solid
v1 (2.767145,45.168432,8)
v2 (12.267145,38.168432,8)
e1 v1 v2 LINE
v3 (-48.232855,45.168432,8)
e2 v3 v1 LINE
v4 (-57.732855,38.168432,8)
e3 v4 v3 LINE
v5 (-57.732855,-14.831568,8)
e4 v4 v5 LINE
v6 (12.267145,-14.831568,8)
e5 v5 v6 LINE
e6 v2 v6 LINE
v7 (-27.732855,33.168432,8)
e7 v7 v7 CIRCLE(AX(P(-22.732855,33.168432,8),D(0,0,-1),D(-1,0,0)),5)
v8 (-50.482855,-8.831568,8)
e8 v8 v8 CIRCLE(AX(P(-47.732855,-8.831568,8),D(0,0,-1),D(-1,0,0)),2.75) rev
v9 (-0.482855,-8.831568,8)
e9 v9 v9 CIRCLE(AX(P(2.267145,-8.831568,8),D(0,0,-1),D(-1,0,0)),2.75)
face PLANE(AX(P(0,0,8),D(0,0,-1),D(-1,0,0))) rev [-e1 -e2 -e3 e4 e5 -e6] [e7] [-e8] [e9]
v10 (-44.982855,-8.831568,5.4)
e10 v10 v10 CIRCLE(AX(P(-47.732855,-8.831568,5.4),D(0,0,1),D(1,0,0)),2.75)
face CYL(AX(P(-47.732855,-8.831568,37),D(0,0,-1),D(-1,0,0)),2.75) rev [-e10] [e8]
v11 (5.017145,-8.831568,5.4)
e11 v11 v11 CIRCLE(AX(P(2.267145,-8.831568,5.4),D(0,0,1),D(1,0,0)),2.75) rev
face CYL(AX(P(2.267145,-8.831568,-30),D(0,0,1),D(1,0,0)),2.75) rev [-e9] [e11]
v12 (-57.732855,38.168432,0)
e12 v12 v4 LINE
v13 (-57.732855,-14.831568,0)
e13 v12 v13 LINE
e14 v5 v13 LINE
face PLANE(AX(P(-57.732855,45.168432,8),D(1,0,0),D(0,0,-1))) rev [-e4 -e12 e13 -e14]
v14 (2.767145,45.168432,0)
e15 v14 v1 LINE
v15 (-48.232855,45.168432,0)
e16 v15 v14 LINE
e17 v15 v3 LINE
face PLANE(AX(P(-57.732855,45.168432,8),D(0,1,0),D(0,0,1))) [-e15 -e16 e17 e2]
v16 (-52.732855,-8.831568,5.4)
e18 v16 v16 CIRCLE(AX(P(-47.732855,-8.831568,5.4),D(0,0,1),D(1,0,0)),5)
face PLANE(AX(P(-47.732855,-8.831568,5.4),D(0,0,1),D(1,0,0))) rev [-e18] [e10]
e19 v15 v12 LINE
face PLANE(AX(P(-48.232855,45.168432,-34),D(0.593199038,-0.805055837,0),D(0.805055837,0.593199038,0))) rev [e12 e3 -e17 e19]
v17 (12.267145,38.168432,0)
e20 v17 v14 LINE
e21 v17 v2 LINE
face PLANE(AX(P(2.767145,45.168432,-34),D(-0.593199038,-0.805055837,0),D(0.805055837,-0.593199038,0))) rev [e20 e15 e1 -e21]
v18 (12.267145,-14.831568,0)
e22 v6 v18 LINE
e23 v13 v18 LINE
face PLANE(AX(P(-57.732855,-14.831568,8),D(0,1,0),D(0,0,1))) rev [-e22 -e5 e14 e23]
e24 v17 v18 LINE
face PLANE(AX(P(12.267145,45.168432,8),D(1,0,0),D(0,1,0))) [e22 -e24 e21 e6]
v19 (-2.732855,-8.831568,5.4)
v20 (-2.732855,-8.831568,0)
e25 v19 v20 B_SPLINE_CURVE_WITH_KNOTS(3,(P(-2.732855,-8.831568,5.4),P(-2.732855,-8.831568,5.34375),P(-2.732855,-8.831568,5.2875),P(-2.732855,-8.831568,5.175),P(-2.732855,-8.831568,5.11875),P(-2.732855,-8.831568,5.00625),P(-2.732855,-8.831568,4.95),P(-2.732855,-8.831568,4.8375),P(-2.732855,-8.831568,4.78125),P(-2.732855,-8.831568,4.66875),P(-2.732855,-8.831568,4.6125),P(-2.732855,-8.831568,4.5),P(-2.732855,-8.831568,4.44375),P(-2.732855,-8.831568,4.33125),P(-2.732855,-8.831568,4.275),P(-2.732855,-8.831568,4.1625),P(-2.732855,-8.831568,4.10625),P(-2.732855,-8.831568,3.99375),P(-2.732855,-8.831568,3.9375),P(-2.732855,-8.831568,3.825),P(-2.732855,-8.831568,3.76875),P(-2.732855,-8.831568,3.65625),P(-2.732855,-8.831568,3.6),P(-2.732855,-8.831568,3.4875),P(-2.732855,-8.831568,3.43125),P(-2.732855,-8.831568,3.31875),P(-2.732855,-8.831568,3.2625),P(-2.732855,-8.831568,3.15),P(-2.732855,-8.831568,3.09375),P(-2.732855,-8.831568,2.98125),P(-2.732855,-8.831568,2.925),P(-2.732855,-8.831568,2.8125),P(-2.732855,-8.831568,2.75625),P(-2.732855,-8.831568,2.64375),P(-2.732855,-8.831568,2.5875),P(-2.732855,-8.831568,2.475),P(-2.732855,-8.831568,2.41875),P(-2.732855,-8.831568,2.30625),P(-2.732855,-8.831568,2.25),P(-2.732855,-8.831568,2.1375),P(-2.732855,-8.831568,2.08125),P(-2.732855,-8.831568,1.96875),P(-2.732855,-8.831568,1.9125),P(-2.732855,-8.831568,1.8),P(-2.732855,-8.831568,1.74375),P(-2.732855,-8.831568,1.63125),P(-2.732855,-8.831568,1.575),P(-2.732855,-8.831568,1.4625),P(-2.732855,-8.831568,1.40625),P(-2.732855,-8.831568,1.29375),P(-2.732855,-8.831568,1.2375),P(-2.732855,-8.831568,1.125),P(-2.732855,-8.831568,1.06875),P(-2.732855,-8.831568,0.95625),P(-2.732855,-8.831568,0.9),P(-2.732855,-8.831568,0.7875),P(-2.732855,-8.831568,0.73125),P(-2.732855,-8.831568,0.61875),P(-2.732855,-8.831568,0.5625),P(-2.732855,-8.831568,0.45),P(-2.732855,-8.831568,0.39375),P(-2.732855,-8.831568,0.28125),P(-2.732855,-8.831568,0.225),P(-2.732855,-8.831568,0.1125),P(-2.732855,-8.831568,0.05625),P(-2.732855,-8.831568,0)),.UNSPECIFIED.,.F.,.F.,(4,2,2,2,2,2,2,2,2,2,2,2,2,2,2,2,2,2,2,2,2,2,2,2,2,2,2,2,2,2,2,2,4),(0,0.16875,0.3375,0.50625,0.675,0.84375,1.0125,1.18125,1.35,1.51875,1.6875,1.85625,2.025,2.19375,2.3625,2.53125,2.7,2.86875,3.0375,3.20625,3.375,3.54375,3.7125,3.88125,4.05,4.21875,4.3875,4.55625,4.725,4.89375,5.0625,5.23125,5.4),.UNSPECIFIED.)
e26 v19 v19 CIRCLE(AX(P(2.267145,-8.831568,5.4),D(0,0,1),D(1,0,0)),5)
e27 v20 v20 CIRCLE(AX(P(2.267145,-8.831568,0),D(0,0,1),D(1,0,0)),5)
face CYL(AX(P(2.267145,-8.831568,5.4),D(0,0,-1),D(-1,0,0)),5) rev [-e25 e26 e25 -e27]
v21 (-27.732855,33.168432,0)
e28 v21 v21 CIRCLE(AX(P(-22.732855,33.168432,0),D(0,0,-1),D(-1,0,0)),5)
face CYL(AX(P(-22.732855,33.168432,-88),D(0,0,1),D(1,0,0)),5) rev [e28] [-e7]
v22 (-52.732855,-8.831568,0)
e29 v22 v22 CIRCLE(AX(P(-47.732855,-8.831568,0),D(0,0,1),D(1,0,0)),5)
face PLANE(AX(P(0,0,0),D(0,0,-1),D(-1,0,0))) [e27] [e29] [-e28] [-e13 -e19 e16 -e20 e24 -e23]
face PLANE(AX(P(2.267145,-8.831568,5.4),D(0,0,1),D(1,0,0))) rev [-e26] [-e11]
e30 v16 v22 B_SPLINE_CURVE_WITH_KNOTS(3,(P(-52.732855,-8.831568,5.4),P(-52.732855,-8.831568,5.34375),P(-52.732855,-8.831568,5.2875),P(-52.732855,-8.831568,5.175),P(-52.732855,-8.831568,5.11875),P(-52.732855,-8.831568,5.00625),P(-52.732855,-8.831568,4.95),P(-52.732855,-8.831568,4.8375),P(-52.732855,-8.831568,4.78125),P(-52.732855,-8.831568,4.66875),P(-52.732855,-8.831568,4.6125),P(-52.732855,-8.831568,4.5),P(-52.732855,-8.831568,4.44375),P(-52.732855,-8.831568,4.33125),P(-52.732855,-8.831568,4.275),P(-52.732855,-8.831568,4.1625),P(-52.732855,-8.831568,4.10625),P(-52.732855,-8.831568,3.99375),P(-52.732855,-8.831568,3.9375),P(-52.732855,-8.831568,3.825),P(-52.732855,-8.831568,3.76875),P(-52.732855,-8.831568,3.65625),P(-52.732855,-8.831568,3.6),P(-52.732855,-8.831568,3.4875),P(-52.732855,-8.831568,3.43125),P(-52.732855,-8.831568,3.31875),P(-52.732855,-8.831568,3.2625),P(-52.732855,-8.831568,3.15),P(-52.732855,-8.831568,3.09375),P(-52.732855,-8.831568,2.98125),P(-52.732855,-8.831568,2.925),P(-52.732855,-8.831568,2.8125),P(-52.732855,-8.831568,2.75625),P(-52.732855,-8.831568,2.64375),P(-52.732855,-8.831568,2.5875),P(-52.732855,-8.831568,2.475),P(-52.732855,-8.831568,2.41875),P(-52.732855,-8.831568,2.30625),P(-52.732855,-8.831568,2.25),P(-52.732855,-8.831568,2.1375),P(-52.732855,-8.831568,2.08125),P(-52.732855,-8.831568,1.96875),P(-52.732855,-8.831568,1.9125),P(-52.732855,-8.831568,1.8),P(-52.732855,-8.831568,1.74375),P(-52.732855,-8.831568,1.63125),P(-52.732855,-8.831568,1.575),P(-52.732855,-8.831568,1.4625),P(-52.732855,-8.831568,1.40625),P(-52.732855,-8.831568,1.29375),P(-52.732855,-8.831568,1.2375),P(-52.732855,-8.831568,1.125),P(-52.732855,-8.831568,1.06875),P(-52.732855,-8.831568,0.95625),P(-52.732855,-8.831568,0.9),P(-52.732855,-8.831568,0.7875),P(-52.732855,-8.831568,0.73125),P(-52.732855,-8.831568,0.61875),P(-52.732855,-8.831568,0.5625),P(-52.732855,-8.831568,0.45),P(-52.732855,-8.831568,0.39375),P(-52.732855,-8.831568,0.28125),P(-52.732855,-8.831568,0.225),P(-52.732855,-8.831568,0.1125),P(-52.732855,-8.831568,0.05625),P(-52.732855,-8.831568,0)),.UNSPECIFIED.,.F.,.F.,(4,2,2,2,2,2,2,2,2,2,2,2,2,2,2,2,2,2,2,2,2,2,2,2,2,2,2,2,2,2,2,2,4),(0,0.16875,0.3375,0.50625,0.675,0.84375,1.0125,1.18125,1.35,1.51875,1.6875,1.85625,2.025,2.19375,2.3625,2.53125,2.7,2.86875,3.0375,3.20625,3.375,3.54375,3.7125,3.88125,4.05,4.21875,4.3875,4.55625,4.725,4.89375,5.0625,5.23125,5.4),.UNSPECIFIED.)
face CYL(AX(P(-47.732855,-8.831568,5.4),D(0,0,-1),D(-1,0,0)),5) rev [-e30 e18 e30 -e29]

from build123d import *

# Parameters (mm, degrees)
SKETCH1_W               = 70
SKETCH1_H               = 60
BOSS_EXTRUDE2_DEPTH     = 8
CUT_EXTRUDE3_DEPTH      = 37
CUT_EXTRUDE3_DEPTH_BACK = 30
SKETCH1_5_R             = 2.75
CUT_EXTRUDE4_DEPTH      = 30
CUT_EXTRUDE4_DEPTH_BACK = 30
SKETCH1_7_R             = 2.75
CUT_EXTRUDE5_DEPTH      = 42
CUT_EXTRUDE5_DEPTH_BACK = 88
SKETCH1_8_R             = 5
CUT_EXTRUDE6_DEPTH      = 42
SKETCH1_9_R             = 5
CUT_EXTRUDE7_DEPTH      = 5.4
SKETCH1_10_R            = 5
CUT_EXTRUDE8_DEPTH      = 5.4


with BuildPart() as part:
    # Sketch1 → Boss-Extrude2 (new body)
    with BuildSketch(Plane.XY):
        with Locations((-22.732855119, 15.168432036)):
            Rectangle(SKETCH1_W, SKETCH1_H)
    extrude(amount=BOSS_EXTRUDE2_DEPTH)

    # Sketch1<5> → Cut-Extrude3 (cut, two sides: drawn at the far end of the back side and taken through both)
    with BuildSketch(Plane.XY.offset(-CUT_EXTRUDE3_DEPTH_BACK)):
        with Locations((-47.732855119, -8.831567964)):
            Circle(SKETCH1_5_R)
    extrude(amount=CUT_EXTRUDE3_DEPTH + CUT_EXTRUDE3_DEPTH_BACK, mode=Mode.SUBTRACT)

    # Sketch1<7> → Cut-Extrude4 (cut, two sides: drawn at the far end of the back side and taken through both)
    with BuildSketch(Plane.XY.offset(-CUT_EXTRUDE4_DEPTH_BACK)):
        with Locations((2.267144881, -8.831567964)):
            Circle(SKETCH1_7_R)
    extrude(amount=CUT_EXTRUDE4_DEPTH + CUT_EXTRUDE4_DEPTH_BACK, mode=Mode.SUBTRACT)

    # Sketch1<8> → Cut-Extrude5 (cut, two sides: drawn at the far end of the back side and taken through both)
    with BuildSketch(Plane.XY.offset(-CUT_EXTRUDE5_DEPTH_BACK)):
        with Locations((-22.732855119, 33.168432036)):
            Circle(SKETCH1_8_R)
    extrude(amount=CUT_EXTRUDE5_DEPTH + CUT_EXTRUDE5_DEPTH_BACK, mode=Mode.SUBTRACT)

    # Sketch3 → Cut-Extrude6 (cut)
    with BuildSketch(Plane.XY.offset(8)):
        Polygon((-48.232855119, 45.168432036), (-57.732855119, 38.168432036), (-57.732855119, 45.168432036), align=None)
        Polygon((2.767144881, 45.168432036), (12.267144881, 38.168432036), (12.267144881, 45.168432036), align=None)
    extrude(amount=-CUT_EXTRUDE6_DEPTH, mode=Mode.SUBTRACT)

    # Sketch1<9> → Cut-Extrude7 (cut)
    with BuildSketch(Plane.XY):
        with Locations((-47.732855119, -8.831567964)):
            Circle(SKETCH1_9_R)
    extrude(amount=CUT_EXTRUDE7_DEPTH, mode=Mode.SUBTRACT)

    # Sketch1<10> → Cut-Extrude8 (cut)
    with BuildSketch(Plane.XY):
        with Locations((2.267144881, -8.831567964)):
            Circle(SKETCH1_10_R)
    extrude(amount=CUT_EXTRUDE8_DEPTH, mode=Mode.SUBTRACT)


solid = part.part
